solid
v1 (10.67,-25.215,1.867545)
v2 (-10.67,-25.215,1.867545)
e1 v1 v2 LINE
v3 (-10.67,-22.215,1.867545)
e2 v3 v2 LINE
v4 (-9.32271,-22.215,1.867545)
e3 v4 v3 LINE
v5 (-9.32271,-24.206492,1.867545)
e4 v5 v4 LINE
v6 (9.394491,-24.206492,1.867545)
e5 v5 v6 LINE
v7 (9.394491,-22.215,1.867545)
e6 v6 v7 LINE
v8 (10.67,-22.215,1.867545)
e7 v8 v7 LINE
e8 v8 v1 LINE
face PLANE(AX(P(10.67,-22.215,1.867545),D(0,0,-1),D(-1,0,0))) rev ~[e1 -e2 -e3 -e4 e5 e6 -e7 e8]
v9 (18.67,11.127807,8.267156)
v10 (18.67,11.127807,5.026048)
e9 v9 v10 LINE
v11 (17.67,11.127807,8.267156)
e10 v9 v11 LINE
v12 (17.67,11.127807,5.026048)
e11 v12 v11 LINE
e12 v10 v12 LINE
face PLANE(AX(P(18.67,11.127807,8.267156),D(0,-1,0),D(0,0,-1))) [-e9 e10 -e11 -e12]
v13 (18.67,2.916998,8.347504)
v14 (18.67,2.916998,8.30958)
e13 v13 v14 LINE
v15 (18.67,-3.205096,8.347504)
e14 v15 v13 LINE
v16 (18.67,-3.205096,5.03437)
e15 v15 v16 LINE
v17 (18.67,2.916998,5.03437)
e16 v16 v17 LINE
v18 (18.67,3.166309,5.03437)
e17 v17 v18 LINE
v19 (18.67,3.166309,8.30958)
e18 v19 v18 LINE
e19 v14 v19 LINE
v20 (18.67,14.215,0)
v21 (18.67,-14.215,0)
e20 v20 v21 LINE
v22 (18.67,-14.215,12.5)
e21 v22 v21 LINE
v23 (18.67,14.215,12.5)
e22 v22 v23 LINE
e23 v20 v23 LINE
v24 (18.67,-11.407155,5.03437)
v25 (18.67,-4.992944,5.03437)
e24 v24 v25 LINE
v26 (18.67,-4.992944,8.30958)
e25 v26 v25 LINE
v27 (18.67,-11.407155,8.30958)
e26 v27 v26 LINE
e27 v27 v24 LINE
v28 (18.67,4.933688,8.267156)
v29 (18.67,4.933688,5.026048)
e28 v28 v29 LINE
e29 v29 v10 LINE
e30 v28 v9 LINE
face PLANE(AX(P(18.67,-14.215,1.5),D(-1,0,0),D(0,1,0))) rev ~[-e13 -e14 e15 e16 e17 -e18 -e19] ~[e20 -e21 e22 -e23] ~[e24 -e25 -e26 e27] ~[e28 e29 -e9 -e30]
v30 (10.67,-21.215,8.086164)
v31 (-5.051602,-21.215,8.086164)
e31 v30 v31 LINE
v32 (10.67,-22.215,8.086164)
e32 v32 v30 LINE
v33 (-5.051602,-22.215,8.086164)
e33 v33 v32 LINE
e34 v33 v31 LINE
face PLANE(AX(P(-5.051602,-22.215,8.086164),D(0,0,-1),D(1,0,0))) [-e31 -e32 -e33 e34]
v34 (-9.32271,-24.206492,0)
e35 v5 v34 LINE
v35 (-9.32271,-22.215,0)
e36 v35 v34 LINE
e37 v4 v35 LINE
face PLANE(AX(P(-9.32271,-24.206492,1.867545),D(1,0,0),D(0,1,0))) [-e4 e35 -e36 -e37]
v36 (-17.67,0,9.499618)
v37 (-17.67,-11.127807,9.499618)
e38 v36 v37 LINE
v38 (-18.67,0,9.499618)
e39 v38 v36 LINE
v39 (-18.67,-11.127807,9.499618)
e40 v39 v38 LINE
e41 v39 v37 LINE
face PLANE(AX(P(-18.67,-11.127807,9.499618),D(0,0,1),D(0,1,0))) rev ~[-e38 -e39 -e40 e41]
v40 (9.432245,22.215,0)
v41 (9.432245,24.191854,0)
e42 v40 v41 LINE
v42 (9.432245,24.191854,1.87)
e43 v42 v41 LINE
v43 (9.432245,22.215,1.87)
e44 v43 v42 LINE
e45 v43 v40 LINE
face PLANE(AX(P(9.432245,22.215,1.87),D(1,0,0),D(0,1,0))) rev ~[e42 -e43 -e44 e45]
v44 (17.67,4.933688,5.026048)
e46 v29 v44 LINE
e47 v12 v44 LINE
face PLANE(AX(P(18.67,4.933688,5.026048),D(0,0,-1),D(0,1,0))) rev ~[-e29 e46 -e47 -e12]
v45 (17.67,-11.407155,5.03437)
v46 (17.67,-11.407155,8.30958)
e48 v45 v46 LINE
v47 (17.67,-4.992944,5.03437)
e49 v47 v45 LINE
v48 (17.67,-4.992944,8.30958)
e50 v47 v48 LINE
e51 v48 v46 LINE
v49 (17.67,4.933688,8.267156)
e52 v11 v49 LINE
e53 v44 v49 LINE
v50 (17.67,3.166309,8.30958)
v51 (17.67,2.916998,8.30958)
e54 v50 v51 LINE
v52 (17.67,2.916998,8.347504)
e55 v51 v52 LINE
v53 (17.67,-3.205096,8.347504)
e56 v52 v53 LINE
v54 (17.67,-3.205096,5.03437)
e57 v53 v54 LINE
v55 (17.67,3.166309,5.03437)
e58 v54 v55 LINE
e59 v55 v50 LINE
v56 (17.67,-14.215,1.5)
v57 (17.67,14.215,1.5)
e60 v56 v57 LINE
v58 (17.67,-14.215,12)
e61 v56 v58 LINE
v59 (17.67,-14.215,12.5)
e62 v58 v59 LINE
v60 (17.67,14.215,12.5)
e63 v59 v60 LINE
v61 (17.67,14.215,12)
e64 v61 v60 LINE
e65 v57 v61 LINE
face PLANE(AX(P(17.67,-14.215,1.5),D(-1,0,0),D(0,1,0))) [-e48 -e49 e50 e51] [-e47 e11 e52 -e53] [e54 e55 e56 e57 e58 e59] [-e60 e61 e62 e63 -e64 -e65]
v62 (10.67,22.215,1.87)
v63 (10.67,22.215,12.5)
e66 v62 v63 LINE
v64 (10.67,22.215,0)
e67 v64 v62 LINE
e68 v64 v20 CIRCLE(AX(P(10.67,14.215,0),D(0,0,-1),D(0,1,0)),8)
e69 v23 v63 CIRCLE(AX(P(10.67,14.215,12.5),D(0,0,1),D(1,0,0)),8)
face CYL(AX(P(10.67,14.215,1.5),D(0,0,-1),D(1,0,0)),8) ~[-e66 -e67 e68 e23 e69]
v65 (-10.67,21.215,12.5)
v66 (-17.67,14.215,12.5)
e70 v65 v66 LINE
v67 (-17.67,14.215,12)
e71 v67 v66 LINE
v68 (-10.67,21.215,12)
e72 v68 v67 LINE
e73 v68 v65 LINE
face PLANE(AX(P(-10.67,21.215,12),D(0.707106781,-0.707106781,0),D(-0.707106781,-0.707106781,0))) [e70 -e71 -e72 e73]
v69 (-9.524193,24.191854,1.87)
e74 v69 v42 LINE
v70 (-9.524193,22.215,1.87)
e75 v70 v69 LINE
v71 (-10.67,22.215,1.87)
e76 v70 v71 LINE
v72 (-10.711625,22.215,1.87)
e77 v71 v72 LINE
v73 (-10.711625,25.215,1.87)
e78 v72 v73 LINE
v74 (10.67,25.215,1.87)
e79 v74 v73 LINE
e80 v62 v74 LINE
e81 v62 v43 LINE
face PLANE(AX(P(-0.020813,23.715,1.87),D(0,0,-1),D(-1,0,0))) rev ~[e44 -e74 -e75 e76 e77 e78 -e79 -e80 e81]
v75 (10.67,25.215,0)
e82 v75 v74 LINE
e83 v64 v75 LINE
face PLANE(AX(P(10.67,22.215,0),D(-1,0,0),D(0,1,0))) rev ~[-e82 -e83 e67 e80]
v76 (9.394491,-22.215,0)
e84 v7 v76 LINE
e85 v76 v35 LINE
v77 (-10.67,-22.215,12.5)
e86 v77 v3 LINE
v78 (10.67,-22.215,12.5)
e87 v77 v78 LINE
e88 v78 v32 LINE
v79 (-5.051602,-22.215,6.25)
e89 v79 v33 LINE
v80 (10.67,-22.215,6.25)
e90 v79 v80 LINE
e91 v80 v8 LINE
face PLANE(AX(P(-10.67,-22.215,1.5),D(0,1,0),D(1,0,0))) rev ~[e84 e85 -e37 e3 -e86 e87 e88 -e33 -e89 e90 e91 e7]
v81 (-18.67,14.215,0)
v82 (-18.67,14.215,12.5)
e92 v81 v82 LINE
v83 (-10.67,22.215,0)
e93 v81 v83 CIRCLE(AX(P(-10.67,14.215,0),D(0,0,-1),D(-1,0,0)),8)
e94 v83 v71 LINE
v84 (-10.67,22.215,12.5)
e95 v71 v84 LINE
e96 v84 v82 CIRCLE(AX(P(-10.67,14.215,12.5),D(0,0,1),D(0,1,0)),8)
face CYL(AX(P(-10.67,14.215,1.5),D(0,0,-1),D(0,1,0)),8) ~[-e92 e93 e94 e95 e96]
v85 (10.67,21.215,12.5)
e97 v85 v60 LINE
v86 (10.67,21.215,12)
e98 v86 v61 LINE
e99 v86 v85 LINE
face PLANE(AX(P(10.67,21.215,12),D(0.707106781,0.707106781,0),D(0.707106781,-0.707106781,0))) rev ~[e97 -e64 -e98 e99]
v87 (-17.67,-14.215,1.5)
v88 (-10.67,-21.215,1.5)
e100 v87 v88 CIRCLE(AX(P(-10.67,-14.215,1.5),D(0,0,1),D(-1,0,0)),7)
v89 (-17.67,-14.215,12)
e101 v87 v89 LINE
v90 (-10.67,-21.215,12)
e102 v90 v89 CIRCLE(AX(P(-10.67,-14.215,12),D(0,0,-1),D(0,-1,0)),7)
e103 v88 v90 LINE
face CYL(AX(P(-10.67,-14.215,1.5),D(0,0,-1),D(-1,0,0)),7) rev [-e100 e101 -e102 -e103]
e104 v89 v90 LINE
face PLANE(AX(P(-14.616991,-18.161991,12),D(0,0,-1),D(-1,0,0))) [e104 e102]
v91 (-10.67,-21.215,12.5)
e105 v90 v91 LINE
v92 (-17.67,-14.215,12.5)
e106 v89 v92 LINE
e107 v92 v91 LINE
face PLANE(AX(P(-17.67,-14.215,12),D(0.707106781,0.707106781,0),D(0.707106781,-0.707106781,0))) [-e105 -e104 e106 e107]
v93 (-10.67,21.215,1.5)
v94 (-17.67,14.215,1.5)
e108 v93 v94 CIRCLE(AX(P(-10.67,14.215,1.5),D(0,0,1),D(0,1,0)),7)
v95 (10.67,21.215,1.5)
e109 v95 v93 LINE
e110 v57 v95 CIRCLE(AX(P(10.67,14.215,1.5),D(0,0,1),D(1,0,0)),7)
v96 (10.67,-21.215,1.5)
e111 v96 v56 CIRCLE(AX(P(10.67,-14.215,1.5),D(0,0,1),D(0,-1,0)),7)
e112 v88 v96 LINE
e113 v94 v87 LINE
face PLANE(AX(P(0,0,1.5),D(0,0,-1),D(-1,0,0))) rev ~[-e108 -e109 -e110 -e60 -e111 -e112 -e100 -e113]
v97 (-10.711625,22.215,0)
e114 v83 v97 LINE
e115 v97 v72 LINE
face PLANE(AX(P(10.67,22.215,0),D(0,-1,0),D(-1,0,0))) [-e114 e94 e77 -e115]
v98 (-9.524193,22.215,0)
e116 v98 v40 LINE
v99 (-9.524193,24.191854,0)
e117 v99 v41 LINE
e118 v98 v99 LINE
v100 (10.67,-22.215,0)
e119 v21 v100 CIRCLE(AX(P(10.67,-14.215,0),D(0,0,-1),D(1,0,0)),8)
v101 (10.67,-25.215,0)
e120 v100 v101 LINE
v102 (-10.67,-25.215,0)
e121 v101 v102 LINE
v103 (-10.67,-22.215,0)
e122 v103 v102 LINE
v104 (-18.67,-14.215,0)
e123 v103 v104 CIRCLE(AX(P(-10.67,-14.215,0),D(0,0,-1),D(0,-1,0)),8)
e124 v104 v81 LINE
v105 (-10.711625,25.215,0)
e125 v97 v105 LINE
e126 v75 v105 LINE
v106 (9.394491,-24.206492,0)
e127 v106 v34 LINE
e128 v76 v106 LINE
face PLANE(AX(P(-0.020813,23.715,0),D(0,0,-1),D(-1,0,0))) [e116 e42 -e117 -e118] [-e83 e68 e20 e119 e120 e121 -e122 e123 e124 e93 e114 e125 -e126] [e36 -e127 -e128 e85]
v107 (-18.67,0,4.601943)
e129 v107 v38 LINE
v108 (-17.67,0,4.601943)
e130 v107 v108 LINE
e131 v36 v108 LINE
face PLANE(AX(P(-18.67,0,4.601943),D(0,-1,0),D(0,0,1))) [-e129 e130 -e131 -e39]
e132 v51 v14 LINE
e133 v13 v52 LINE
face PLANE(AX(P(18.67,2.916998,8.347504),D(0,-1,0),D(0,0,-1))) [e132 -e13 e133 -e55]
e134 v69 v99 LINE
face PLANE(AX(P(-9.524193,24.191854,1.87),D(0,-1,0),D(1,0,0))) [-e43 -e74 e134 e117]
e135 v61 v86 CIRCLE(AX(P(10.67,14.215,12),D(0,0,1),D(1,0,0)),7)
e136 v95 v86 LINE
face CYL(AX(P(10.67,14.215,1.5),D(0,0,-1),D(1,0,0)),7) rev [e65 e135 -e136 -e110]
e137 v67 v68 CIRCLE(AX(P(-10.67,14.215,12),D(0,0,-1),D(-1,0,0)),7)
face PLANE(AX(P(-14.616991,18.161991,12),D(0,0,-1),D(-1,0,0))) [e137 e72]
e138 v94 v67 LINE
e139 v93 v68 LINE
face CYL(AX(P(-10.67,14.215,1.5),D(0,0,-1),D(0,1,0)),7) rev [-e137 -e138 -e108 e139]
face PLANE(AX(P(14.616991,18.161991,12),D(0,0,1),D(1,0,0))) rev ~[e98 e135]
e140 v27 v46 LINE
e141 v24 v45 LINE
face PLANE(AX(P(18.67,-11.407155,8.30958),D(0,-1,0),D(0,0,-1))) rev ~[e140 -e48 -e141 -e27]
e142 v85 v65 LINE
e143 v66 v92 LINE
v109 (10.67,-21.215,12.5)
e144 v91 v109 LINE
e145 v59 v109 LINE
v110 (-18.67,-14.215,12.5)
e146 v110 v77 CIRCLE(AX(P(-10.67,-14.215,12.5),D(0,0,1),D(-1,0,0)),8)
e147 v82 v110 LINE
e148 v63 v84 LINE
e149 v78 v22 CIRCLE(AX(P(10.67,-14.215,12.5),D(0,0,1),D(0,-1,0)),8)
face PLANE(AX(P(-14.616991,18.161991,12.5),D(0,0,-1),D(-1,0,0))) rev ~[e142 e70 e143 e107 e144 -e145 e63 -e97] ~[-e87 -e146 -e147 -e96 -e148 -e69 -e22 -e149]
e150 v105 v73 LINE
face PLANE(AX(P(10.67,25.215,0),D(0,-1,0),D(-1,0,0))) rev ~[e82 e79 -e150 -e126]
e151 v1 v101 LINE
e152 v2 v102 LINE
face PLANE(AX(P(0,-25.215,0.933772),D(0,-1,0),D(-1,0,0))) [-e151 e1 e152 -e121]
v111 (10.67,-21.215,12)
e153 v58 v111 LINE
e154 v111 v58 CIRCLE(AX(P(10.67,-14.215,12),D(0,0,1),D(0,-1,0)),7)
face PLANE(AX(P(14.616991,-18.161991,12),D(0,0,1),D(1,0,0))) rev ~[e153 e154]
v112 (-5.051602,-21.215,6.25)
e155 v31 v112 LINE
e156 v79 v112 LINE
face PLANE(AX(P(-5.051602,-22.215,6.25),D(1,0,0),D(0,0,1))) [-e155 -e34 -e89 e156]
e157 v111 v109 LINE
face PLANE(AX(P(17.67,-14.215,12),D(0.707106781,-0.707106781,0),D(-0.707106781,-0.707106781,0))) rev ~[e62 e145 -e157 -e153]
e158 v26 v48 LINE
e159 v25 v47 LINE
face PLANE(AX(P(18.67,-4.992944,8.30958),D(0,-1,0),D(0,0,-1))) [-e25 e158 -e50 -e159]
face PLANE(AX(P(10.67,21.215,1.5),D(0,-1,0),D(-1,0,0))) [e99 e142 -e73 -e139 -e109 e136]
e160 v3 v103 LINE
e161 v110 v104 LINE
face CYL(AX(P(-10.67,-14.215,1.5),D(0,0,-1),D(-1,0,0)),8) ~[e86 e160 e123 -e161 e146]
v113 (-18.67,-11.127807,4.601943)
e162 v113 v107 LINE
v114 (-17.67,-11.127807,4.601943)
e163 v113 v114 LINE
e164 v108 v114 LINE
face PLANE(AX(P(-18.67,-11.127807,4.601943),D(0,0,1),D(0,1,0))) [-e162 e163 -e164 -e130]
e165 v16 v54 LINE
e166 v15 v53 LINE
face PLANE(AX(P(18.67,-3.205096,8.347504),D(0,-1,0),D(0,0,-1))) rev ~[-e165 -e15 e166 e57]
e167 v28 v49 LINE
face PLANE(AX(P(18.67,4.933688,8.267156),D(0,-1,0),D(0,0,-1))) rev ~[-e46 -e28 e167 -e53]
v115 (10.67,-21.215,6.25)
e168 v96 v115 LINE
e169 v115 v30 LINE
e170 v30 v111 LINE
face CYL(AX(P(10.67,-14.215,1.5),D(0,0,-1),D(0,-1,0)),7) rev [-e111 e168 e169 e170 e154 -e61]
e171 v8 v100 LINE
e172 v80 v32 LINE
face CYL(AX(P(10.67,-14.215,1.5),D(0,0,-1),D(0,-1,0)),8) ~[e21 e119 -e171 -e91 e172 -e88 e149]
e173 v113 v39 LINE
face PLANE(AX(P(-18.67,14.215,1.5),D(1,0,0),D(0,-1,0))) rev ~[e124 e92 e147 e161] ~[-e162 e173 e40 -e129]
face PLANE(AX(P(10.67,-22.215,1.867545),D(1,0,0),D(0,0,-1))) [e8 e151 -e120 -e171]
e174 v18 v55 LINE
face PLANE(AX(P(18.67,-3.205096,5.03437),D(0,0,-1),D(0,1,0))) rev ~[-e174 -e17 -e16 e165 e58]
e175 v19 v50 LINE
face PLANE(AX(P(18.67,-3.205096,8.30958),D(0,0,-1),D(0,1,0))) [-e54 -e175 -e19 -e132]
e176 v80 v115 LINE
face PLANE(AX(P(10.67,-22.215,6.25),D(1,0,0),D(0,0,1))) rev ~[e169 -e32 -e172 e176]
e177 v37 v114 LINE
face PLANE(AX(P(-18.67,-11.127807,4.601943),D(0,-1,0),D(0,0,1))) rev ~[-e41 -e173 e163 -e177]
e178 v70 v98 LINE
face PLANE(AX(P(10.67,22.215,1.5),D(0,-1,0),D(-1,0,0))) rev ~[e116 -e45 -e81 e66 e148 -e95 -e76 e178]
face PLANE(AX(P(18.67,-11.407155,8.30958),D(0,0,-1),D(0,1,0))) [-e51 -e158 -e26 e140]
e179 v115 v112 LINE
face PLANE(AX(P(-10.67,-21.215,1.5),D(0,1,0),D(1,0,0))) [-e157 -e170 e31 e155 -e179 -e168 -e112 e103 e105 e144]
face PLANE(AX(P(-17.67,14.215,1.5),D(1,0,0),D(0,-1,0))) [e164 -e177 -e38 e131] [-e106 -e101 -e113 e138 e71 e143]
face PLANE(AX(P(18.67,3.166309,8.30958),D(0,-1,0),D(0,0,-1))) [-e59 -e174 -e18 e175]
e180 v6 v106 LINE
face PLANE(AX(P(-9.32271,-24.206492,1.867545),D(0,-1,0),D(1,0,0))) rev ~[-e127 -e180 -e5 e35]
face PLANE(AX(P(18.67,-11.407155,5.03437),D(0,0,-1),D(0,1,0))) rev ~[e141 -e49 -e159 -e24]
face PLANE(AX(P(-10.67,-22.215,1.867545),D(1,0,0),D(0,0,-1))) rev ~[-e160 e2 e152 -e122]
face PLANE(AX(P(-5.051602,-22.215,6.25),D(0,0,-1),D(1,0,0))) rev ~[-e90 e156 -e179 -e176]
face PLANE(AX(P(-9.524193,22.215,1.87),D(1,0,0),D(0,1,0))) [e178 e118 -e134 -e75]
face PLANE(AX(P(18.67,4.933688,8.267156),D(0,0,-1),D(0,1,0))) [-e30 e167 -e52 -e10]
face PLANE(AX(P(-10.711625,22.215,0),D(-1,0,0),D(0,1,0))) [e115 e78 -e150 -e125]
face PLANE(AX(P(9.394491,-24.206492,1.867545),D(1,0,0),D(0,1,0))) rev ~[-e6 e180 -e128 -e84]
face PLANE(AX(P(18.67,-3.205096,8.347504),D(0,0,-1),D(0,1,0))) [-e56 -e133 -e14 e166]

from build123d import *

# Parameters (mm, degrees)
EXTRUDE_2_DEPTH      = 1.5
EXTRUDE_4_DEPTH      = 11
EXTRUDE_START        = -0.5
EXTRUDE_7_DEPTH      = 0.5
EXTRUDE_8_DEPTH      = 0.5
EXTRUDE_9_DEPTH      = 0.5
SKETCH_12_W          = 4.897675457
SKETCH_12_H          = 11.127806736
CUT_EXTRUDE_3_DEPTH  = 3
SKETCH_13_W          = 3.241108758
SKETCH_13_H          = 6.19411896
CUT_EXTRUDE_4_DEPTH  = 3
SKETCH_14_W          = 3.313133397
SKETCH_14_H          = 6.122094321
CUT_EXTRUDE_5_DEPTH  = 3
SKETCH_15_W          = 2.880985563
SKETCH_15_H          = 6.266143599
CUT_EXTRUDE_6_DEPTH  = 3
SKETCH_16_W          = 15.721601541
SKETCH_16_H          = 1.836163931
CUT_EXTRUDE_7_DEPTH  = 3
SKETCH_19_W          = 3.275209086
SKETCH_19_H          = 6.371405254
SKETCH_19_H_2        = 6.414210644
CUT_EXTRUDE_10_DEPTH = 3
EXTRUDE_10_DEPTH     = 0.5
SKETCH_21_W          = 21.34
SKETCH_21_H          = 1.867544815
EXTRUDE_11_DEPTH     = 3
SKETCH_22_W          = 18.717201221
SKETCH_22_H          = 1.991492088
CUT_EXTRUDE_12_DEPTH = 3
SKETCH_23_W          = 21.381625352
SKETCH_23_H          = 3
EXTRUDE_12_DEPTH     = 1.87
SKETCH_24_W          = 18.956438282
SKETCH_24_H          = 1.976854412
CUT_EXTRUDE_13_DEPTH = 1.87


with BuildPart() as part:
    # 草图1 → 凸台-拉伸2 (new body)
    with BuildSketch(Plane.XY):
        with BuildLine():
            Line((-10.67, 22.215), (10.67, 22.215))
            ThreePointArc((10.67, 22.215), (16.326854249, 19.871854249), (18.67, 14.215))
            Line((18.67, 14.215), (18.67, -14.215))
            ThreePointArc((18.67, -14.215), (16.326854249, -19.871854249), (10.67, -22.215))
            Line((10.67, -22.215), (-10.67, -22.215))
            ThreePointArc((-10.67, -22.215), (-16.326854249, -19.871854249), (-18.67, -14.215))
            Line((-18.67, -14.215), (-18.67, 14.215))
            ThreePointArc((-18.67, 14.215), (-16.326854249, 19.871854249), (-10.67, 22.215))
        make_face()
    extrude(amount=EXTRUDE_2_DEPTH)

    # 草图4 → 凸台-拉伸4 (add)
    with BuildSketch(Plane.XY.offset(1.5)):
        with BuildLine():
            Line((18.67, -14.215), (18.67, 14.215))
            ThreePointArc((18.67, 14.215), (16.326854249, 19.871854249), (10.67, 22.215))
            Line((10.67, 22.215), (-10.67, 22.215))
            ThreePointArc((-10.67, 22.215), (-16.326854249, 19.871854249), (-18.67, 14.215))
            Line((-18.67, 14.215), (-18.67, -14.215))
            ThreePointArc((-18.67, -14.215), (-16.326854249, -19.871854249), (-10.67, -22.215))
            Line((-10.67, -22.215), (10.67, -22.215))
            ThreePointArc((10.67, -22.215), (16.326854249, -19.871854249), (18.67, -14.215))
        make_face()
        with BuildLine():
            Line((17.67, -14.215), (17.67, 14.215))
            ThreePointArc((17.67, 14.215), (15.619747468, 19.164747468), (10.67, 21.215))
            Line((10.67, 21.215), (-10.67, 21.215))
            ThreePointArc((-10.67, 21.215), (-15.619747468, 19.164747468), (-17.67, 14.215))
            Line((-17.67, 14.215), (-17.67, -14.215))
            ThreePointArc((-17.67, -14.215), (-15.619747468, -19.164747468), (-10.67, -21.215))
            Line((-10.67, -21.215), (10.67, -21.215))
            ThreePointArc((10.67, -21.215), (15.619747468, -19.164747468), (17.67, -14.215))
        make_face(mode=Mode.SUBTRACT)
    extrude(amount=EXTRUDE_4_DEPTH)

    # 草图8 → 凸台-拉伸7 (add)
    with BuildSketch(Plane.XY.offset(12.5).offset(EXTRUDE_START)):
        with BuildLine():
            Line((-17.67, -14.215), (-10.67, -21.215))
            ThreePointArc((-10.67, -21.215), (-15.619747468, -19.164747468), (-17.67, -14.215))
        make_face()
    extrude(amount=EXTRUDE_7_DEPTH)

    # 草图9 → 凸台-拉伸8 (add)
    with BuildSketch(Plane.XY.offset(12.5).offset(EXTRUDE_START)):
        with BuildLine():
            Line((10.67, 21.215), (17.67, 14.215))
            ThreePointArc((17.67, 14.215), (15.619747468, 19.164747468), (10.67, 21.215))
        make_face()
    extrude(amount=EXTRUDE_8_DEPTH)

    # 草图10 → 凸台-拉伸9 (add)
    with BuildSketch(Plane.XY.offset(12.5).offset(EXTRUDE_START)):
        with BuildLine():
            Line((17.67, -14.215), (10.67, -21.215))
            ThreePointArc((10.67, -21.215), (15.619747468, -19.164747468), (17.67, -14.215))
        make_face()
    extrude(amount=EXTRUDE_9_DEPTH)

    # 草图12 → 切除-拉伸3 (cut)
    with BuildSketch(Plane.ZY.offset(18.67)):
        with Locations((7.050780577, -5.563903368)):
            Rectangle(SKETCH_12_W, SKETCH_12_H)
    extrude(amount=-CUT_EXTRUDE_3_DEPTH, mode=Mode.SUBTRACT)

    # 草图13 → 切除-拉伸4 (cut)
    with BuildSketch(Plane(origin=(18.67, 0, 0), x_dir=(0, 0, -1), z_dir=(1, 0, 0))):
        with Locations((-6.646601976, 8.030747256)):
            Rectangle(SKETCH_13_W, SKETCH_13_H)
    extrude(amount=-CUT_EXTRUDE_4_DEPTH, mode=Mode.SUBTRACT)

    # 草图14 → 切除-拉伸5 (cut)
    with BuildSketch(Plane(origin=(18.67, 0, 0), x_dir=(0, 0, -1), z_dir=(1, 0, 0))):
        with Locations((-6.690937152, -0.144049279)):
            Rectangle(SKETCH_14_W, SKETCH_14_H)
    extrude(amount=-CUT_EXTRUDE_5_DEPTH, mode=Mode.SUBTRACT)

    # 草图15 → 切除-拉伸6 (cut)
    with BuildSketch(Plane(origin=(18.67, 0, 0), x_dir=(0, 0, -1), z_dir=(1, 0, 0))):
        with Locations((-6.664861945, -8.210808854)):
            Rectangle(SKETCH_15_W, SKETCH_15_H)
    extrude(amount=-CUT_EXTRUDE_6_DEPTH, mode=Mode.SUBTRACT)

    # 草图16 → 切除-拉伸7 (cut)
    with BuildSketch(Plane.XZ.offset(22.215)):
        with Locations((2.809199229, 7.168081965)):
            Rectangle(SKETCH_16_W, SKETCH_16_H)
    extrude(amount=-CUT_EXTRUDE_7_DEPTH, mode=Mode.SUBTRACT)

    # 草图19 → 切除-拉伸10 (cut)
    with BuildSketch(Plane(origin=(18.67, 0, 0), x_dir=(0, 0, -1), z_dir=(1, 0, 0))):
        with Locations((-6.671974996, -0.019393812)):
            Rectangle(SKETCH_19_W, SKETCH_19_H)
        with Locations((-6.671974996, -8.200049753)):
            Rectangle(SKETCH_19_W, SKETCH_19_H_2)
    extrude(amount=-CUT_EXTRUDE_10_DEPTH, mode=Mode.SUBTRACT)

    # 草图20 → 凸台-拉伸10 (add)
    with BuildSketch(Plane.XY.offset(12.5).offset(EXTRUDE_START)):
        with BuildLine():
            Line((-10.67, 21.215), (-17.67, 14.215))
            ThreePointArc((-17.67, 14.215), (-15.619747468, 19.164747468), (-10.67, 21.215))
        make_face()
    extrude(amount=EXTRUDE_10_DEPTH)

    # 草图21 → 凸台-拉伸11 (add)
    with BuildSketch(Plane(origin=(0, -22.215, 0), x_dir=(-1, 0, 0), z_dir=(0, -1, 0))):
        with Locations((0, -0.933772408)):
            Rectangle(SKETCH_21_W, SKETCH_21_H)
    extrude(amount=EXTRUDE_11_DEPTH)

    # 草图22 → 切除-拉伸12 (cut)
    with BuildSketch(Plane.XY.offset(1.867544815)):
        with Locations((0.035890498, -23.210746044)):
            Rectangle(SKETCH_22_W, SKETCH_22_H)
    extrude(amount=-CUT_EXTRUDE_12_DEPTH, mode=Mode.SUBTRACT)

    # 草图23 → 凸台-拉伸12 (add)
    with BuildSketch(Plane(origin=(-10.67, -22.215, 0), x_dir=(-1, 0, 0), z_dir=(0, 0, -1))):
        with Locations((-10.649187324, 45.93)):
            Rectangle(SKETCH_23_W, SKETCH_23_H)
    extrude(amount=-EXTRUDE_12_DEPTH)

    # 草图24 → 切除-拉伸13 (cut)
    with BuildSketch(Plane.XY.offset(1.87)):
        with Locations((-0.045973823, 23.203427206)):
            Rectangle(SKETCH_24_W, SKETCH_24_H)
    extrude(amount=-CUT_EXTRUDE_13_DEPTH, mode=Mode.SUBTRACT)


solid = part.part
